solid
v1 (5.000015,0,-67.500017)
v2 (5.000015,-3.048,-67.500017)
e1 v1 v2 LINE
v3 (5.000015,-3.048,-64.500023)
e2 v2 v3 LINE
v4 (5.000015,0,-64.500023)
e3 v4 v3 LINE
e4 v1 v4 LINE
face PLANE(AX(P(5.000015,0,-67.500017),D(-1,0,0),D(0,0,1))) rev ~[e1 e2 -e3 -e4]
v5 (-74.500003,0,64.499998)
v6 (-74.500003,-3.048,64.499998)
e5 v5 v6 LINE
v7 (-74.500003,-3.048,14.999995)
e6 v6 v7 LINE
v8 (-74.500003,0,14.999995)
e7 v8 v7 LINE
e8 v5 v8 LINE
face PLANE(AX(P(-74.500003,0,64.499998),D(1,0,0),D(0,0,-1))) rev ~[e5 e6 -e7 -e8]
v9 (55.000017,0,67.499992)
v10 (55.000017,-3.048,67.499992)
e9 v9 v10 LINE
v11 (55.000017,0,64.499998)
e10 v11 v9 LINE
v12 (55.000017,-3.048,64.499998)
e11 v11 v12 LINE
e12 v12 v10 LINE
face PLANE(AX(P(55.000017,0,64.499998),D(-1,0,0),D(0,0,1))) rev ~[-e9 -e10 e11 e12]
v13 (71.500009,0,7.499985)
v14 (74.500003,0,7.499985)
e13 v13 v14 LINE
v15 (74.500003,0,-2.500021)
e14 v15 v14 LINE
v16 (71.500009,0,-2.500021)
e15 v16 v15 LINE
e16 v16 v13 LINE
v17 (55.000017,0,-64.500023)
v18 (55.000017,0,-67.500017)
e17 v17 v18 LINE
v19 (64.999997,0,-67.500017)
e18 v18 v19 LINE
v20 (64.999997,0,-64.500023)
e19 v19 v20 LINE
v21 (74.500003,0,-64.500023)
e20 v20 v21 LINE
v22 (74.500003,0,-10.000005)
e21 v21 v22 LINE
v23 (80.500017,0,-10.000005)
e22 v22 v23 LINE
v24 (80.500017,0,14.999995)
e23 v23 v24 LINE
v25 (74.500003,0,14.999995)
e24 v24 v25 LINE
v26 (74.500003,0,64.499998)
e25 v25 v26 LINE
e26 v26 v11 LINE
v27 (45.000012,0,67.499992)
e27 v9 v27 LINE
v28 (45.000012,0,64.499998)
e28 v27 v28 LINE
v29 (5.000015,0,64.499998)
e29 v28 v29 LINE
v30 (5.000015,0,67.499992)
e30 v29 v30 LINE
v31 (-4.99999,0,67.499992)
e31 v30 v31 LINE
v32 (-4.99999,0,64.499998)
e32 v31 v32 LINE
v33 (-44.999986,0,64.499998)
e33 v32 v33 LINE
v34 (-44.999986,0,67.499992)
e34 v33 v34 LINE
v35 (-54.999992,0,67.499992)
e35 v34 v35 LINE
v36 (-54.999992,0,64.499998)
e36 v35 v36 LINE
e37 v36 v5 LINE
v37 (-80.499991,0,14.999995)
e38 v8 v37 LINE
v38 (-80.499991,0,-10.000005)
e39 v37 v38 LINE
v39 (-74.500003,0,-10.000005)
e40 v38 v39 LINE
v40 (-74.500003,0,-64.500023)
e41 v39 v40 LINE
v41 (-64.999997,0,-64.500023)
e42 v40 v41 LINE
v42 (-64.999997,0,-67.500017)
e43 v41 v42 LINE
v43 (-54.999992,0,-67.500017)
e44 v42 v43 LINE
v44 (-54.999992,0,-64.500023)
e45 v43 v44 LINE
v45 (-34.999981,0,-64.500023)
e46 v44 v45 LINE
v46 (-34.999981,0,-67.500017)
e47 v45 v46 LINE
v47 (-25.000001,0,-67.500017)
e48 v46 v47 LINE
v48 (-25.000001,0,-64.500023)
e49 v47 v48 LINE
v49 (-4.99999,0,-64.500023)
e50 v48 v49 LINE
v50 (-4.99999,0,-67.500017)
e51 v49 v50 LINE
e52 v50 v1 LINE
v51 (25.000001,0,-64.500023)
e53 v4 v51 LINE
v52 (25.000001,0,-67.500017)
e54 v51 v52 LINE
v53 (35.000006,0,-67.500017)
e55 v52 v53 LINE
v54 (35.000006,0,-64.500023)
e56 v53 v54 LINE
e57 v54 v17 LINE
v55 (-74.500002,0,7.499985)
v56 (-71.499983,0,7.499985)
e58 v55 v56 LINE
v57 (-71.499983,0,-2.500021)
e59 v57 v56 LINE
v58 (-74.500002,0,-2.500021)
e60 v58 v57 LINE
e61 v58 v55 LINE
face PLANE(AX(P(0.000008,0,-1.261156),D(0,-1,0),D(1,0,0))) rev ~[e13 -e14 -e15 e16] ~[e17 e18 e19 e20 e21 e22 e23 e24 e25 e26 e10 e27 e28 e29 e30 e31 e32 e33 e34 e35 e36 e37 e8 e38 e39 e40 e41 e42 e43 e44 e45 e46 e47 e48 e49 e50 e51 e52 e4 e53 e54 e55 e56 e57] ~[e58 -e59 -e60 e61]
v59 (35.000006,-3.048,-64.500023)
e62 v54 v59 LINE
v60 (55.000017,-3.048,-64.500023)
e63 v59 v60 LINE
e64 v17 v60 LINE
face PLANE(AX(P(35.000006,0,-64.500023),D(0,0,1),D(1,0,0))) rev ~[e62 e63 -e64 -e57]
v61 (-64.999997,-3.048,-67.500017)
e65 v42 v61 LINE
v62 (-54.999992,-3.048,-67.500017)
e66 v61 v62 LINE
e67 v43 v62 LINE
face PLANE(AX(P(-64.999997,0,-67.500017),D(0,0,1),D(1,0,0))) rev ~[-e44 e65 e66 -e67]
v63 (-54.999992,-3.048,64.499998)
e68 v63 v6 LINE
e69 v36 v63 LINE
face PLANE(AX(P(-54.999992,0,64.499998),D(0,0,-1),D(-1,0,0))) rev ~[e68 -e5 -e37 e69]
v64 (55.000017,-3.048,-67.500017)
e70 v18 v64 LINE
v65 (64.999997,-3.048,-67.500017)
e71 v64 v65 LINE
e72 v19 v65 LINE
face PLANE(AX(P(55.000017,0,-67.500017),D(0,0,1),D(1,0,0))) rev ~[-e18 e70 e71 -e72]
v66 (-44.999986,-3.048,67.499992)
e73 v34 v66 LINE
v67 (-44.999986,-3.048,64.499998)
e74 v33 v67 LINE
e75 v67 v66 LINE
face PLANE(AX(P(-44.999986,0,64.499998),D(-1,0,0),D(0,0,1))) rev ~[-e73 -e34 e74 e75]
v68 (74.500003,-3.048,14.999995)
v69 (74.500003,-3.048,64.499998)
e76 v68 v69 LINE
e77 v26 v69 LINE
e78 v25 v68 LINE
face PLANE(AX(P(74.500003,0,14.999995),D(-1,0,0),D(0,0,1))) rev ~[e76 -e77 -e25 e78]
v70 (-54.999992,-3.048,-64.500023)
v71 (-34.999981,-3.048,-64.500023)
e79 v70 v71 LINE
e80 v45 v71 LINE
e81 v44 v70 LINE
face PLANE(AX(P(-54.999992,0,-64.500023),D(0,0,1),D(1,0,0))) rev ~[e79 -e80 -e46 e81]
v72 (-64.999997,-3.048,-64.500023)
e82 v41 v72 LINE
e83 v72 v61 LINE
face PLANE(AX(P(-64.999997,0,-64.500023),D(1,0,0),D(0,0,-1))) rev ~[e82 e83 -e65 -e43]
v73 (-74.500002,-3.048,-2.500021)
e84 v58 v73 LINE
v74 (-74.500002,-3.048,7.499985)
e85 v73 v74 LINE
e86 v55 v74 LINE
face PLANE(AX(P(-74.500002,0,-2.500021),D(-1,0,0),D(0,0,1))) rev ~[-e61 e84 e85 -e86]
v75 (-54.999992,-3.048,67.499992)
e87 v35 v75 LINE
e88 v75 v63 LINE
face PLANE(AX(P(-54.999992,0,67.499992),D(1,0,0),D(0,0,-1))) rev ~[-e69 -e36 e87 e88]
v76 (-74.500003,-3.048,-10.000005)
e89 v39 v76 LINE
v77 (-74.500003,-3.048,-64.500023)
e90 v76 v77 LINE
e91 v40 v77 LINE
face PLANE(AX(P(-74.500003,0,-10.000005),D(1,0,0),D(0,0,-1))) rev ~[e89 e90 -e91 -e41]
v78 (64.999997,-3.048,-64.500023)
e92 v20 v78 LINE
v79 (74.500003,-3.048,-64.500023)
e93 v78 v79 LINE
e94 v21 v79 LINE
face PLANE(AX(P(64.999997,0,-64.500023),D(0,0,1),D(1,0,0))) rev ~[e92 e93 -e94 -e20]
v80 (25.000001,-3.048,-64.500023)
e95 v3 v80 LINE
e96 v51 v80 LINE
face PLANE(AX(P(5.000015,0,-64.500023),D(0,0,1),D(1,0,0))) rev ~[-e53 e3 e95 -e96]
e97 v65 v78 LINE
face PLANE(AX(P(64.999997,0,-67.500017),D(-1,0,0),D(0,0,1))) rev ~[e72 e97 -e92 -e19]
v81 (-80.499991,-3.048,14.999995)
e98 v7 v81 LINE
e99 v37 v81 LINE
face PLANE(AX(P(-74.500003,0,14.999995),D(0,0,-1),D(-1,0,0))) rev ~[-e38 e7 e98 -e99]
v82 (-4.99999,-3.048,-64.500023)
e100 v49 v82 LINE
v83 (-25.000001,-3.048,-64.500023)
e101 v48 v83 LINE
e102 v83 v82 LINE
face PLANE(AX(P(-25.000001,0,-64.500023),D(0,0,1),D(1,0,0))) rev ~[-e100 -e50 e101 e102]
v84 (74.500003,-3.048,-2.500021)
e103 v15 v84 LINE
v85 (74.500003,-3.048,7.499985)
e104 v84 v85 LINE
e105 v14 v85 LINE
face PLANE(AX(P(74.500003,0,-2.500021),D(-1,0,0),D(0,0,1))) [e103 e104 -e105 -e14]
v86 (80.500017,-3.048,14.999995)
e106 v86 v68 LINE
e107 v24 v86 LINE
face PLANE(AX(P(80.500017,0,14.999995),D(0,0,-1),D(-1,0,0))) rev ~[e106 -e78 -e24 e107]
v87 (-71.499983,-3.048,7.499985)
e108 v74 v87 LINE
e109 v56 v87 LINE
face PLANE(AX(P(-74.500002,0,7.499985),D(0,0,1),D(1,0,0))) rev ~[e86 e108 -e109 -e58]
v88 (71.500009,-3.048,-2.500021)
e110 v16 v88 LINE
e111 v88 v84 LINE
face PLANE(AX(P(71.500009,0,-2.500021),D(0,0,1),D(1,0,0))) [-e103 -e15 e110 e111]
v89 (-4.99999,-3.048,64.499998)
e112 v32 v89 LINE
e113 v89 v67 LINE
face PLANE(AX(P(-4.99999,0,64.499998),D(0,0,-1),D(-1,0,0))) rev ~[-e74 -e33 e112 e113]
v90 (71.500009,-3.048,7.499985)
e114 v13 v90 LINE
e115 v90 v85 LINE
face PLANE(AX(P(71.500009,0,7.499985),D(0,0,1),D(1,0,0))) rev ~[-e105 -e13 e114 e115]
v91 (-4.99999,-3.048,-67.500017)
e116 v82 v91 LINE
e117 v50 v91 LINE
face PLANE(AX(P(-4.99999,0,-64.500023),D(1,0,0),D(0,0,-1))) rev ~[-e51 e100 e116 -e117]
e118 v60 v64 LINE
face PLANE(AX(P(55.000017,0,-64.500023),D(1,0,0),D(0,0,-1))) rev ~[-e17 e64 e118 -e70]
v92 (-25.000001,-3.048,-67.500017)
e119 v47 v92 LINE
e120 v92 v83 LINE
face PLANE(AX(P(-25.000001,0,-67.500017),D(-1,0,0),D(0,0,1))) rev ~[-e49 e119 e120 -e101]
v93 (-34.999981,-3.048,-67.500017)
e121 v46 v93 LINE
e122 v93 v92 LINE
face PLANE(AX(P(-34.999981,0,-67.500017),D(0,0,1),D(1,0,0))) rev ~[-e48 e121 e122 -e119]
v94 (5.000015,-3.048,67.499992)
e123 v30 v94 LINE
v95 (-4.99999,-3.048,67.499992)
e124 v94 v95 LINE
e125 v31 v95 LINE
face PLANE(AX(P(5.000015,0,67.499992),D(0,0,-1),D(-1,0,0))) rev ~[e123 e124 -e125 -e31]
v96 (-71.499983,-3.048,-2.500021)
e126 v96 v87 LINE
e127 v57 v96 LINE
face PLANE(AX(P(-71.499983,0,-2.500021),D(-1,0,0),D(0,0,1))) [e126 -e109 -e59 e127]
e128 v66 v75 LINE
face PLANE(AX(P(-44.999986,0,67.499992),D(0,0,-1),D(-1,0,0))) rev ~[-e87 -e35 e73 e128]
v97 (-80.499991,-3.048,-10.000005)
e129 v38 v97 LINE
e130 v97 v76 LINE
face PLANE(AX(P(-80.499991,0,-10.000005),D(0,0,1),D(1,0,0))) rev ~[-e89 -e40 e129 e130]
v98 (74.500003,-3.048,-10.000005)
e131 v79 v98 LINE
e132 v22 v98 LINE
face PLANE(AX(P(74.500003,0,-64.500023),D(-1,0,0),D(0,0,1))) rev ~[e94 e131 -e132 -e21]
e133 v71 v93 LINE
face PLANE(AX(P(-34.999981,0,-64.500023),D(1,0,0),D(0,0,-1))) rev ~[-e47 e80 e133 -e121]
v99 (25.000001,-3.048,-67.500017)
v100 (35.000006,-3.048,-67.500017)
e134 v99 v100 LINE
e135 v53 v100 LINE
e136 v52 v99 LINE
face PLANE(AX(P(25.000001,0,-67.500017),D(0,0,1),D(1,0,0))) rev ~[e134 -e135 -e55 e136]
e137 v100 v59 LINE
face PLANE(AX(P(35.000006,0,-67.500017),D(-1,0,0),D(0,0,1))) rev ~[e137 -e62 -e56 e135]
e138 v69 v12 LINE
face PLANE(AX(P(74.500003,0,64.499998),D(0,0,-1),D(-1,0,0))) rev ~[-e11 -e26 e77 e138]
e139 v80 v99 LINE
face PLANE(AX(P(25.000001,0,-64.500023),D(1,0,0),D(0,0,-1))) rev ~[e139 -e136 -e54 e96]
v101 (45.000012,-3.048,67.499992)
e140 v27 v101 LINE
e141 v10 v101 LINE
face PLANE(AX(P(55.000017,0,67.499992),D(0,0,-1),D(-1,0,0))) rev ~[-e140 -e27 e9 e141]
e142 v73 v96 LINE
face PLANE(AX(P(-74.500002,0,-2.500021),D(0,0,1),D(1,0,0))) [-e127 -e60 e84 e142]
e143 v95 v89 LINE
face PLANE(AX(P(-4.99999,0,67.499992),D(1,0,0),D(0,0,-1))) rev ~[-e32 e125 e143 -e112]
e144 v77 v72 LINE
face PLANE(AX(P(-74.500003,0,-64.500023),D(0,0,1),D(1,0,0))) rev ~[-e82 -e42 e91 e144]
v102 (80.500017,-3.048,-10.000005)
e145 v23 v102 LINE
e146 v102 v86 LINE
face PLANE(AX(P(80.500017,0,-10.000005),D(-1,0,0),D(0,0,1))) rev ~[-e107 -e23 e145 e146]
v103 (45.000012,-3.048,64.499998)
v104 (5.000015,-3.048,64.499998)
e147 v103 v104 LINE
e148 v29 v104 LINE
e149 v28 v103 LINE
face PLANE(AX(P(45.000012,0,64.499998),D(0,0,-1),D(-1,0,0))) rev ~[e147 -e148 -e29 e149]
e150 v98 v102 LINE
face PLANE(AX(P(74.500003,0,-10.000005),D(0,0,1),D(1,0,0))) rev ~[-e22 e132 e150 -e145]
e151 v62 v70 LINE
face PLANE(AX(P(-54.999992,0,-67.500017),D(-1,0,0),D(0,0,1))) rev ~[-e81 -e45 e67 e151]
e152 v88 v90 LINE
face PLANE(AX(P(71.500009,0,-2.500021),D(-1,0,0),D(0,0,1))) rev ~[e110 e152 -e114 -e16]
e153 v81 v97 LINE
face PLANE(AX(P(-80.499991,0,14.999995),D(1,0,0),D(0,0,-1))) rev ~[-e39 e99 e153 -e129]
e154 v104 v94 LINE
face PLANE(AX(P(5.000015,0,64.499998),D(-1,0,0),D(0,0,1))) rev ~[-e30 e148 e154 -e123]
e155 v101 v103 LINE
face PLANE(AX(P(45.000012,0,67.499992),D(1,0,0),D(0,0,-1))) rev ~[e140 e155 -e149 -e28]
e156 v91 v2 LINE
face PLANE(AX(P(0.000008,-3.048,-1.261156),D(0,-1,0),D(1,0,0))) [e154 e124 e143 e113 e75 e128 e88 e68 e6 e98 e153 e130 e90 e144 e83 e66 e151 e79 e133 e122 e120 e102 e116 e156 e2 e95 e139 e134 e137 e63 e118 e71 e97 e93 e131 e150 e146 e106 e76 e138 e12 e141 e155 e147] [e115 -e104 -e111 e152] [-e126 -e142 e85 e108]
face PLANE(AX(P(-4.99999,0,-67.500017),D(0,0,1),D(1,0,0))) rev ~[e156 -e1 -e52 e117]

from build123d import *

# Parameters (mm, degrees)
F0_W     = 3.000019
F0_H     = 10.000005
F0_W_2   = 2.999994
F1_DEPTH = 3.048


with BuildPart() as f1:
    # F0 (on Front) → F1 (new body)
    with BuildSketch(Plane.XZ):
        Polygon((-74.500003, 64.499998), (-74.500003, 14.999995), (-80.499991, 14.999995), (-80.499991, -10.000005), (-74.500003, -10.000005), (-74.500003, -64.500023), (-64.999997, -64.500023), (-64.999997, -67.500017), (-54.999992, -67.500017), (-54.999992, -64.500023), (-34.999981, -64.500023), (-34.999981, -67.500017), (-25.000001, -67.500017), (-25.000001, -64.500023), (-4.99999, -64.500023), (-4.99999, -67.500017), (5.000015, -67.500017), (5.000015, -64.500023), (25.000001, -64.500023), (25.000001, -67.500017), (35.000006, -67.500017), (35.000006, -64.500023), (55.000017, -64.500023), (55.000017, -67.500017), (64.999997, -67.500017), (64.999997, -64.500023), (74.500003, -64.500023), (74.500003, -10.000005), (80.500017, -10.000005), (80.500017, 14.999995), (74.500003, 14.999995), (74.500003, 64.499998), (55.000017, 64.499998), (55.000017, 67.499992), (45.000012, 67.499992), (45.000012, 64.499998), (5.000015, 64.499998), (5.000015, 67.499992), (-4.99999, 67.499992), (-4.99999, 64.499998), (-44.999986, 64.499998), (-44.999986, 67.499992), (-54.999992, 67.499992), (-54.999992, 64.499998), align=None)
        with Locations((-72.999993, 2.499982)):
            Rectangle(F0_W, F0_H, mode=Mode.SUBTRACT)
        with Locations((73.000006, 2.499982)):
            Rectangle(F0_W_2, F0_H, mode=Mode.SUBTRACT)
    extrude(amount=F1_DEPTH)


solid = f1.part
